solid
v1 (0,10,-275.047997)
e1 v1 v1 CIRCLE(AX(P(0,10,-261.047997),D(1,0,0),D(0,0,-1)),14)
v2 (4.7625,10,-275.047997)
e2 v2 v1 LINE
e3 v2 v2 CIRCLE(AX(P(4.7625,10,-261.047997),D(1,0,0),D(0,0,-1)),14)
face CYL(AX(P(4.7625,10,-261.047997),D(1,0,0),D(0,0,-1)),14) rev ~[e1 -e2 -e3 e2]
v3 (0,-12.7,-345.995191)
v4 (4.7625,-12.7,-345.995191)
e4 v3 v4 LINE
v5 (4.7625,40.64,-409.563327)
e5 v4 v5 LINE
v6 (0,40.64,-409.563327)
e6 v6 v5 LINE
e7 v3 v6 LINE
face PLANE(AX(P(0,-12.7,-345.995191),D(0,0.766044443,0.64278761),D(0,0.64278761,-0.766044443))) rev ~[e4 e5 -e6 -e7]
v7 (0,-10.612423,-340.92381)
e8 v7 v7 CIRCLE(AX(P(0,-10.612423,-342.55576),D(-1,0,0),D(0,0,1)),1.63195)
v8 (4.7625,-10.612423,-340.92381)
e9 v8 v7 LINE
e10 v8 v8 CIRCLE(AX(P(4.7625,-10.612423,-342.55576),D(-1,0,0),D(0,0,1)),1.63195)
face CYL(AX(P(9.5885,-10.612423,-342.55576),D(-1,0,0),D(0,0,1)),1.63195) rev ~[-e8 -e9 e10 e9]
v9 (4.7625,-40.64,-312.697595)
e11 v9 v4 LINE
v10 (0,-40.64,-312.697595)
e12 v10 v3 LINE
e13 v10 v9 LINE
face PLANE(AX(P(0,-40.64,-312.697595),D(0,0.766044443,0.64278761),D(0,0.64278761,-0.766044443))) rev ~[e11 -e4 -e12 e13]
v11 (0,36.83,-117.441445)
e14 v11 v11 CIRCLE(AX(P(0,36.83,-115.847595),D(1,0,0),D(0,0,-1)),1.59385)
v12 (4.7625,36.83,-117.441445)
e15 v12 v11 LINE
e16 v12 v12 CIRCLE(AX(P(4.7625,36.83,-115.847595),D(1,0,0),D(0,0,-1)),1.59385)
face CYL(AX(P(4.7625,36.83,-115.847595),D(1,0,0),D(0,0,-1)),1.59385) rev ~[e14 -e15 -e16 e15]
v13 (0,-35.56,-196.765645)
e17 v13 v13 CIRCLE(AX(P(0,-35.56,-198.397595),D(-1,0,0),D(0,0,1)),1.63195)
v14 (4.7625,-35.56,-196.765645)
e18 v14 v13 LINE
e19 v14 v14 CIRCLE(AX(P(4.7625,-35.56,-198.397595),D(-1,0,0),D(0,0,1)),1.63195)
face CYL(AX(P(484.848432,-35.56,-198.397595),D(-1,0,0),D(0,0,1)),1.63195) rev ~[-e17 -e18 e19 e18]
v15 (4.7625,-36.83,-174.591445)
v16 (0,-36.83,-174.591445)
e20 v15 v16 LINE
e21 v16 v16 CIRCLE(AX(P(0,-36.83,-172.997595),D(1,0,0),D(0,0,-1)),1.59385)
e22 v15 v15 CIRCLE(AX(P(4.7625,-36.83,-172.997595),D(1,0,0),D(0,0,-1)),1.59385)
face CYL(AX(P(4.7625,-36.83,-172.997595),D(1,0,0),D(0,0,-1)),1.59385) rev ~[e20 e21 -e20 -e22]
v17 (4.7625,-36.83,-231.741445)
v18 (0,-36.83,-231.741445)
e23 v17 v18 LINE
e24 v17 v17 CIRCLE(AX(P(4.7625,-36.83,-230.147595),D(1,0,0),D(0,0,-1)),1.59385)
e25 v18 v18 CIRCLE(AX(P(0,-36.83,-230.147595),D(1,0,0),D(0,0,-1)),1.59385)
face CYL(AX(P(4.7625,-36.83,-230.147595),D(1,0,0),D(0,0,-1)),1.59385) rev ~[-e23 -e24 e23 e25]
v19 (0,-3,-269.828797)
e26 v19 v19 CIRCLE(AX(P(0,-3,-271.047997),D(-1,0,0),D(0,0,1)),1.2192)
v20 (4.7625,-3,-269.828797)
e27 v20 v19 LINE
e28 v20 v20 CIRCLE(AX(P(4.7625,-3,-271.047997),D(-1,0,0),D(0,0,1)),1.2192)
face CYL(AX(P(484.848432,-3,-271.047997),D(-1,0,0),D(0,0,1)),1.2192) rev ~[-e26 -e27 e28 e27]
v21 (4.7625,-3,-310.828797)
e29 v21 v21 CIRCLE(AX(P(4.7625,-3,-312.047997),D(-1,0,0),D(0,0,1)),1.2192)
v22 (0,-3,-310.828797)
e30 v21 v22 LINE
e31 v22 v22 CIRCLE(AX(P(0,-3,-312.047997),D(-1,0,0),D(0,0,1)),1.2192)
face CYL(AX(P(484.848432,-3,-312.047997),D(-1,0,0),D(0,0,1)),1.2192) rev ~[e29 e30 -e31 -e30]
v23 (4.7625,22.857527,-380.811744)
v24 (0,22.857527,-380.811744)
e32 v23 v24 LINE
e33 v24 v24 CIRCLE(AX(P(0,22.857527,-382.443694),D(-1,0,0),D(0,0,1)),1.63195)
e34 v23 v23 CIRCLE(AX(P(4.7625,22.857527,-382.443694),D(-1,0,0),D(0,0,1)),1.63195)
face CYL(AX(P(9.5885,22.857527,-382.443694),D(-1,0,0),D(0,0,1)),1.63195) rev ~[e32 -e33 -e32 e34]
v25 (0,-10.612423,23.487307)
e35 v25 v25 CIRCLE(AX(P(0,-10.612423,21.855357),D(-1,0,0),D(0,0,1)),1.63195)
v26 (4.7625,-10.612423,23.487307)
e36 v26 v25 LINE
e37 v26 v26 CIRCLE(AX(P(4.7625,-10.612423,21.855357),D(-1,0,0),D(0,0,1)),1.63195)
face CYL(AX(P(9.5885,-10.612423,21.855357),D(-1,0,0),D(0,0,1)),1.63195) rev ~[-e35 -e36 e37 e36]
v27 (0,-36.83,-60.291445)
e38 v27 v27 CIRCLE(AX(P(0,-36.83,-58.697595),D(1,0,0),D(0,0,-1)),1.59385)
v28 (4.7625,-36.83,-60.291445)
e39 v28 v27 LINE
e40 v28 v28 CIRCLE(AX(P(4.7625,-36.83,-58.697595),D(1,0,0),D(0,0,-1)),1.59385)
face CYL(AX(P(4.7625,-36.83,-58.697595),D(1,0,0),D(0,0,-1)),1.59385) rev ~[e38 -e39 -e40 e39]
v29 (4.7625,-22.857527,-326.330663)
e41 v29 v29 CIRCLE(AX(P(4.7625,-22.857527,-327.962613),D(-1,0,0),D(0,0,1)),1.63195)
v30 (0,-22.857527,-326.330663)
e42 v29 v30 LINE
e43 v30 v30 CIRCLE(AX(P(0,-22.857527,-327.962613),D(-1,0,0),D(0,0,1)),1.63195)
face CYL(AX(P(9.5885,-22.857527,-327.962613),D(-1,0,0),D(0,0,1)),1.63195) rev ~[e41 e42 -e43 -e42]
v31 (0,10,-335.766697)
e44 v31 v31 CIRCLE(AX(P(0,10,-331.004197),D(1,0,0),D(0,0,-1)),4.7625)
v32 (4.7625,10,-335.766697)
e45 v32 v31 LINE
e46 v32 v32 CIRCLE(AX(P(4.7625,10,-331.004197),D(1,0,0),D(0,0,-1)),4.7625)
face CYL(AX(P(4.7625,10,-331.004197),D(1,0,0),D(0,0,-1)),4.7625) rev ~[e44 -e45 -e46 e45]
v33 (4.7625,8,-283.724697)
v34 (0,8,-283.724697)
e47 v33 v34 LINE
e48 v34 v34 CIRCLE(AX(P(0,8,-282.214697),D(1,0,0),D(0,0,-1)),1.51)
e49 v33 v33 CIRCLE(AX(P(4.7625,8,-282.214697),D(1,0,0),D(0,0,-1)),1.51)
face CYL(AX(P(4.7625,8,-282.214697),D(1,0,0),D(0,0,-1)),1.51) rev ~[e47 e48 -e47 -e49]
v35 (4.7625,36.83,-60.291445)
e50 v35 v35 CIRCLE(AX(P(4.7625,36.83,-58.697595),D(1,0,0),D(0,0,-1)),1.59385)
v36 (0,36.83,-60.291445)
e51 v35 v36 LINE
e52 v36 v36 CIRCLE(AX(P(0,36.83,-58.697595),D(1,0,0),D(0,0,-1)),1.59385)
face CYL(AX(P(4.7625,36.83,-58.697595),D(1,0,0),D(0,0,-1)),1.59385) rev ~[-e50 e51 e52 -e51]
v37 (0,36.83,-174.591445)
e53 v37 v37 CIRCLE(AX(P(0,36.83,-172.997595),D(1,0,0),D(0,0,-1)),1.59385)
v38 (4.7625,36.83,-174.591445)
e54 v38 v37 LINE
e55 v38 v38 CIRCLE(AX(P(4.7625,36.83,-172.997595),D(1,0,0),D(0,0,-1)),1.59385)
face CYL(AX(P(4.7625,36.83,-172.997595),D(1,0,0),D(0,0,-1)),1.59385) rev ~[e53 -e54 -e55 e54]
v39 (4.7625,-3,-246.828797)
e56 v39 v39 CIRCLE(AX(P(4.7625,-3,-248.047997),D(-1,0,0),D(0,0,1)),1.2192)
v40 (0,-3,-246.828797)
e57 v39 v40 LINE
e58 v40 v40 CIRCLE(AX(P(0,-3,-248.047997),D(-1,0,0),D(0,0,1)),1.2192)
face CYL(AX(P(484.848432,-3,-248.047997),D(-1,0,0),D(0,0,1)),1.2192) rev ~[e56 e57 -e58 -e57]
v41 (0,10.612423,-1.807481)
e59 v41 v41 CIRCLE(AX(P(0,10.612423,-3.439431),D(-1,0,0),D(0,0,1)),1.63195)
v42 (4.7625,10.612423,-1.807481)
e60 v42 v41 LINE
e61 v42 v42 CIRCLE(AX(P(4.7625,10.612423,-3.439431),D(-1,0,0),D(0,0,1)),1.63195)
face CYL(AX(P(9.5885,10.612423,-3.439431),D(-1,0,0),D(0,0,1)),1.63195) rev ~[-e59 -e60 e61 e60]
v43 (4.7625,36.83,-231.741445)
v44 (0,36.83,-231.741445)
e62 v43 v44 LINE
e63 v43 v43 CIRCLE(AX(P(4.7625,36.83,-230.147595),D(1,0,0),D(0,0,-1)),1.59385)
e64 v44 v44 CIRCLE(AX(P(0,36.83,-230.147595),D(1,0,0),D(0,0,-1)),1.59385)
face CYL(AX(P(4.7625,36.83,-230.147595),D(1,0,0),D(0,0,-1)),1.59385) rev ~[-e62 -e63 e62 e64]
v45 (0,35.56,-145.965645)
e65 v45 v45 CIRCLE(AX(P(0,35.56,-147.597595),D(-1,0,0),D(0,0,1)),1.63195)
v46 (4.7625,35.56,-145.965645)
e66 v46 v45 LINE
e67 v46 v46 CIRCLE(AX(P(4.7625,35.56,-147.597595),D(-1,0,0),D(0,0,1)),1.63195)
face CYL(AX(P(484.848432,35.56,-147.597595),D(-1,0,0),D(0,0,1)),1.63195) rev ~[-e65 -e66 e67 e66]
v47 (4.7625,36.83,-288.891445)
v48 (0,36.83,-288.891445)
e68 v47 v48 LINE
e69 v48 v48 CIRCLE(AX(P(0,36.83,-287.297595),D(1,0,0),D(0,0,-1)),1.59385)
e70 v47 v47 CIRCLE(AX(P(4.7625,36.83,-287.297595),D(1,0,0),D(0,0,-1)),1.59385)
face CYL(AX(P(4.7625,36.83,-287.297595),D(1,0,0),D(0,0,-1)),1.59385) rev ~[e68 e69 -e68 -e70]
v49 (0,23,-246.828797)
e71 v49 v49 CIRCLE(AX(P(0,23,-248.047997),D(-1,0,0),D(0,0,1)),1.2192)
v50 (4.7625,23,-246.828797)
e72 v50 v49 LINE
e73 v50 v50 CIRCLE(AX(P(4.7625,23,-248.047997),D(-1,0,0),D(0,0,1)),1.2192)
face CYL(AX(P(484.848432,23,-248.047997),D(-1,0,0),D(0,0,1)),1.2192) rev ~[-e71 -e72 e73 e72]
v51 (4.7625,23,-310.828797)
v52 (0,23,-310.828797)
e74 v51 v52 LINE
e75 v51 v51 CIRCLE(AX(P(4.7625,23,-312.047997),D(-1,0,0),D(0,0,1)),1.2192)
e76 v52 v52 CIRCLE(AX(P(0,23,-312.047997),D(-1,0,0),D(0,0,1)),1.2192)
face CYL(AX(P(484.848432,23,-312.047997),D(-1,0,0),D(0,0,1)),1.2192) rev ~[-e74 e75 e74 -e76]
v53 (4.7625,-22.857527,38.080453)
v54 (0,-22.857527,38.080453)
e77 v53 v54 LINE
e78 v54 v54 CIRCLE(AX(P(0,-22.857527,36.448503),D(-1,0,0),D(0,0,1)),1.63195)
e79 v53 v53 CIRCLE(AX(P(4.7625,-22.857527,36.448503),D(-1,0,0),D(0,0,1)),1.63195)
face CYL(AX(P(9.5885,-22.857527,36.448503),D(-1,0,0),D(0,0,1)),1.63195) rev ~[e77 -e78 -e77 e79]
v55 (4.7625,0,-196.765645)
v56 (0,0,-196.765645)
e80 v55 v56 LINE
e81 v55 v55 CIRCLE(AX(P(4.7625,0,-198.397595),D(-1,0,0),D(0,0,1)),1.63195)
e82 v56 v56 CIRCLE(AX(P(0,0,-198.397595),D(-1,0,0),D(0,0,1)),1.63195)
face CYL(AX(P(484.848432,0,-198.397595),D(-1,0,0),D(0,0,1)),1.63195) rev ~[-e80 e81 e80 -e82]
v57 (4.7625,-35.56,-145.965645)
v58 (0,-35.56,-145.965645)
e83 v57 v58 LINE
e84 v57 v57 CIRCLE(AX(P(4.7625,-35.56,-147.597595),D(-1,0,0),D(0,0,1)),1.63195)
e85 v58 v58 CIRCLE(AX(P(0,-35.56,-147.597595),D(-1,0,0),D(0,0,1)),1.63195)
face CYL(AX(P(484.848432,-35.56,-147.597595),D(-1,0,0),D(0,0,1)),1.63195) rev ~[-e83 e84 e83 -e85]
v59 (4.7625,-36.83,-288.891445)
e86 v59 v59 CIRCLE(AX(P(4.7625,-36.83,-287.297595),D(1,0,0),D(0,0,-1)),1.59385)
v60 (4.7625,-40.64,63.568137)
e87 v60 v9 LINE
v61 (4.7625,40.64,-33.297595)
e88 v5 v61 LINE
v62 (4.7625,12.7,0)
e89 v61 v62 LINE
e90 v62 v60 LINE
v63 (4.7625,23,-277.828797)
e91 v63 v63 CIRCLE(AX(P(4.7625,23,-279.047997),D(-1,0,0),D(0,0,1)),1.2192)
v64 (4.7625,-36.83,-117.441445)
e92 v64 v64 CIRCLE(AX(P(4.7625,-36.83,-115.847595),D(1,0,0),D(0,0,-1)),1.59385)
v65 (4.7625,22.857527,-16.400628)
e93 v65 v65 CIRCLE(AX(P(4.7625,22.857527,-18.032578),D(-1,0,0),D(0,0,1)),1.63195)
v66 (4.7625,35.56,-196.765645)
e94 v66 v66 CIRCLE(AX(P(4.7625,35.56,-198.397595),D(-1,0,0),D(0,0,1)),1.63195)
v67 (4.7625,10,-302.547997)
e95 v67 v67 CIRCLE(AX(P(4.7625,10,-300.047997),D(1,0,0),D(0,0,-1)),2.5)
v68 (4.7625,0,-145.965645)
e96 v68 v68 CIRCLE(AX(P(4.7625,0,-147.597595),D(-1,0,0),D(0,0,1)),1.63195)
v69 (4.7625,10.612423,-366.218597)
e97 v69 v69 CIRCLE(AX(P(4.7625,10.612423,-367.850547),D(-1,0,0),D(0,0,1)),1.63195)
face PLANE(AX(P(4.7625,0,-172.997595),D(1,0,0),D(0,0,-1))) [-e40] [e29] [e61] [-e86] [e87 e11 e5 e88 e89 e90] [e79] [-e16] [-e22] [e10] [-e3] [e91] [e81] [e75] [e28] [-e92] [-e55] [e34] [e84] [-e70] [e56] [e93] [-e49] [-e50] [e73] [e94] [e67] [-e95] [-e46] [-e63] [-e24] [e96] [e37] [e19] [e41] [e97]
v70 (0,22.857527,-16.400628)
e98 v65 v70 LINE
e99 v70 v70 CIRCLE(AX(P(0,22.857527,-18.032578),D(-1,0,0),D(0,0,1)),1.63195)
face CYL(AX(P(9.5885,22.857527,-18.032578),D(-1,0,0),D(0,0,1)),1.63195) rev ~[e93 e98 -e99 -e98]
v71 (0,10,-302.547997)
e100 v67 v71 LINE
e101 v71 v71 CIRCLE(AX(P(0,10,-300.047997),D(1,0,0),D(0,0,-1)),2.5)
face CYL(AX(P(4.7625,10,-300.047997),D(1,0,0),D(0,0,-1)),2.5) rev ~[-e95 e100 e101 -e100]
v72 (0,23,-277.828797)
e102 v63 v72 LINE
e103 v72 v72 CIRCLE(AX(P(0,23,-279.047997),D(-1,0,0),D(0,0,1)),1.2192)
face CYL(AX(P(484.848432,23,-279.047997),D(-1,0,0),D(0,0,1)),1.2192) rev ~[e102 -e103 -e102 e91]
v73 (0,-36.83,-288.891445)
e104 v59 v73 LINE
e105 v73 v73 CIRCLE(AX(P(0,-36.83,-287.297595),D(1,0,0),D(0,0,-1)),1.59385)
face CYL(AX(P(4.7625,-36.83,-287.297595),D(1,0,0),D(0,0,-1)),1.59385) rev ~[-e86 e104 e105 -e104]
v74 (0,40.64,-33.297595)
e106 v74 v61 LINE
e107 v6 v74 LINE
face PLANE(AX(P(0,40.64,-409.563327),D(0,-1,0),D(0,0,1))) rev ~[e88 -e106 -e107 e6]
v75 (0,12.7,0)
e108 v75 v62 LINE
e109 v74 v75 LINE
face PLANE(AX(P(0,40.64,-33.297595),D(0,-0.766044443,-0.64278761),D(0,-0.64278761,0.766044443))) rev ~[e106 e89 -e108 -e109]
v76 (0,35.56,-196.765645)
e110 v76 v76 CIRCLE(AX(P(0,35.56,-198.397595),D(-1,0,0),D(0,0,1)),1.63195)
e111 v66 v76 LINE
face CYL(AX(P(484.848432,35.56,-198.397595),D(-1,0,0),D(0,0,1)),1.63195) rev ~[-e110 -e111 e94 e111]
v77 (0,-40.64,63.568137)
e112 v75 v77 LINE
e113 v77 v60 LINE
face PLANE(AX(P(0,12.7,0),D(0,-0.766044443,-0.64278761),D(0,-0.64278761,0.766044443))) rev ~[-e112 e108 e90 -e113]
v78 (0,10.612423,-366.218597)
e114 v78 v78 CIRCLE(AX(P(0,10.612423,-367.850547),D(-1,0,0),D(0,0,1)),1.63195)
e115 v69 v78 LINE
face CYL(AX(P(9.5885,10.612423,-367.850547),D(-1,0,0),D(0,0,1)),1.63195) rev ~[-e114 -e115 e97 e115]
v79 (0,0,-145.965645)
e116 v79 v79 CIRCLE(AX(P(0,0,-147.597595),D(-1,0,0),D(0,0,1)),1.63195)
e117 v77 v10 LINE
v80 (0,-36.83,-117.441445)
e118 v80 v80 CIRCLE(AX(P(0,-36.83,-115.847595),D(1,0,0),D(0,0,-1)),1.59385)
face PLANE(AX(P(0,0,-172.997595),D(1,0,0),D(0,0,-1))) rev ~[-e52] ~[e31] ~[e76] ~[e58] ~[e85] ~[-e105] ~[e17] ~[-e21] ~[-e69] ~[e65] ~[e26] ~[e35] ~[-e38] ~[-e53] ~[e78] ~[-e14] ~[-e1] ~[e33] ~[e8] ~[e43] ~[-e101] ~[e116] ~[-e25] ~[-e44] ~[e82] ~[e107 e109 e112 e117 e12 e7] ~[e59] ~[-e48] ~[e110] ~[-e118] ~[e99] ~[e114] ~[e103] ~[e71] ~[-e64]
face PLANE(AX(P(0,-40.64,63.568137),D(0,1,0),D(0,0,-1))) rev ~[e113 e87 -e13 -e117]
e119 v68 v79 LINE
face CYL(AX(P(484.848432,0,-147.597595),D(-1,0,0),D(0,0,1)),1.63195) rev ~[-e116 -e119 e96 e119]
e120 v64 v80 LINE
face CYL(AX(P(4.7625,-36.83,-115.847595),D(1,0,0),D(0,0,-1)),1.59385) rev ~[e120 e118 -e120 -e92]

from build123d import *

# Parameters (mm, degrees)
BOSS_EXTRUDE1_DEPTH          = 4.7625
SKETCH2_R                    = 2.5
SKETCH2_R_2                  = 1.51
SKETCH2_R_3                  = 14
SKETCH2_R_4                  = 4.7625
GEARBOX_WITH_SLIP_FITS_DEPTH = 412.602247496
SKETCH5_R                    = 1.59385
CUT_EXTRUDE1_DEPTH           = 412.602247496
F_2_CLEARANCE_HOLE1_D        = 2.4384
F_4_CLEARANCE_HOLE2_D        = 3.2639
F_4_CLEARANCE_HOLE1_D        = 3.2639
F_4_CLEARANCE_HOLE1_DEPTH    = 4.826
F_4_CLEARANCE_HOLE1_TIP      = 0.980574487


with BuildPart() as part:
    # Sketch1 → Boss-Extrude1 (new body)
    with BuildSketch(Plane(origin=(0, 0, 0), x_dir=(0, 0, -1), z_dir=(1, 0, 0))):
        Polygon((33.297595377, -40.64), (312.697595377, -40.64), (345.995190754, -12.7), (409.563327383, 40.64), (312.697595377, 40.64), (33.297595377, 40.64), (0, 12.7), (-63.568136629, -40.64), align=None)
    extrude(amount=BOSS_EXTRUDE1_DEPTH)

    # Sketch2 → Gearbox (with Slip fits) (cut, through all)
    with BuildSketch(Plane(origin=(4.7625, 0, 0), x_dir=(0, 0, -1), z_dir=(1, 0, 0))):
        with Locations((300.047997385, 10.000000066)):
            Circle(SKETCH2_R)
        with Locations((282.21469668, 8.000000066)):
            Circle(SKETCH2_R_2)
        with Locations((261.047997385, 10.000000066)):
            Circle(SKETCH2_R_3)
        with Locations((331.004197385, 10.000000066)):
            Circle(SKETCH2_R_4)
    extrude(amount=-GEARBOX_WITH_SLIP_FITS_DEPTH, mode=Mode.SUBTRACT)

    # Sketch5 → Cut-Extrude1 (cut, through all)
    with BuildSketch(Plane(origin=(4.7625, 0, 0), x_dir=(0, 0, -1), z_dir=(1, 0, 0))):
        with Locations((287.297595377, 36.83)):
            Circle(SKETCH5_R)
        with Locations((230.147595377, 36.83)):
            Circle(SKETCH5_R)
        with Locations((172.997595377, 36.83)):
            Circle(SKETCH5_R)
        with Locations((115.847595377, 36.83)):
            Circle(SKETCH5_R)
        with Locations((58.697595377, 36.83)):
            Circle(SKETCH5_R)
        with Locations((58.697595377, -36.83)):
            Circle(SKETCH5_R)
        with Locations((115.847595377, -36.83)):
            Circle(SKETCH5_R)
        with Locations((172.997595377, -36.83)):
            Circle(SKETCH5_R)
        with Locations((230.147595377, -36.83)):
            Circle(SKETCH5_R)
        with Locations((287.297595377, -36.83)):
            Circle(SKETCH5_R)
    extrude(amount=-CUT_EXTRUDE1_DEPTH, mode=Mode.SUBTRACT)

    # #2 Clearance Hole1 (through all)
    with Locations(Plane(origin=(4.7625, 0, 0), x_dir=(0, 0, -1), z_dir=(1, 0, 0))):
        with Locations((248.047997385, 23.000000066), (279.047997385, 23.000000066), (271.047997455, -2.999999934), (248.047997385, -2.999999934), (312.047997385, 23.000000066), (312.047997385, -2.999999934)):
            Hole(F_2_CLEARANCE_HOLE1_D / 2)

    # #4 Clearance Hole2 (through all)
    with Locations(Plane(origin=(4.7625, 0, 0), x_dir=(0, 0, -1), z_dir=(1, 0, 0))):
        with Locations((147.597595377, 35.56), (198.397595377, 35.56), (198.397595377, -35.56), (147.597595377, -35.56), (147.597595377, 0), (198.397595377, 0)):
            Hole(F_4_CLEARANCE_HOLE2_D / 2)

    # #4 Clearance Hole1
    with Locations(Plane(origin=(4.7625, 0, 0), x_dir=(0, 0, -1), z_dir=(1, 0, 0))):
        with Locations((327.962613202, -22.8575274), (342.555759844, -10.612423436), (367.850547356, 10.612423436), (382.443693997, 22.8575274), (-36.448503243, -22.8575274), (-21.855356602, -10.612423436), (3.43943091, 10.612423436), (18.032577552, 22.8575274)):
            Hole(F_4_CLEARANCE_HOLE1_D / 2, depth=F_4_CLEARANCE_HOLE1_DEPTH)
            with Locations((0, 0, -(F_4_CLEARANCE_HOLE1_DEPTH + F_4_CLEARANCE_HOLE1_TIP / 2))):  # 118° drill point
                Cone(0, F_4_CLEARANCE_HOLE1_D / 2, F_4_CLEARANCE_HOLE1_TIP, mode=Mode.SUBTRACT)


solid = part.part
